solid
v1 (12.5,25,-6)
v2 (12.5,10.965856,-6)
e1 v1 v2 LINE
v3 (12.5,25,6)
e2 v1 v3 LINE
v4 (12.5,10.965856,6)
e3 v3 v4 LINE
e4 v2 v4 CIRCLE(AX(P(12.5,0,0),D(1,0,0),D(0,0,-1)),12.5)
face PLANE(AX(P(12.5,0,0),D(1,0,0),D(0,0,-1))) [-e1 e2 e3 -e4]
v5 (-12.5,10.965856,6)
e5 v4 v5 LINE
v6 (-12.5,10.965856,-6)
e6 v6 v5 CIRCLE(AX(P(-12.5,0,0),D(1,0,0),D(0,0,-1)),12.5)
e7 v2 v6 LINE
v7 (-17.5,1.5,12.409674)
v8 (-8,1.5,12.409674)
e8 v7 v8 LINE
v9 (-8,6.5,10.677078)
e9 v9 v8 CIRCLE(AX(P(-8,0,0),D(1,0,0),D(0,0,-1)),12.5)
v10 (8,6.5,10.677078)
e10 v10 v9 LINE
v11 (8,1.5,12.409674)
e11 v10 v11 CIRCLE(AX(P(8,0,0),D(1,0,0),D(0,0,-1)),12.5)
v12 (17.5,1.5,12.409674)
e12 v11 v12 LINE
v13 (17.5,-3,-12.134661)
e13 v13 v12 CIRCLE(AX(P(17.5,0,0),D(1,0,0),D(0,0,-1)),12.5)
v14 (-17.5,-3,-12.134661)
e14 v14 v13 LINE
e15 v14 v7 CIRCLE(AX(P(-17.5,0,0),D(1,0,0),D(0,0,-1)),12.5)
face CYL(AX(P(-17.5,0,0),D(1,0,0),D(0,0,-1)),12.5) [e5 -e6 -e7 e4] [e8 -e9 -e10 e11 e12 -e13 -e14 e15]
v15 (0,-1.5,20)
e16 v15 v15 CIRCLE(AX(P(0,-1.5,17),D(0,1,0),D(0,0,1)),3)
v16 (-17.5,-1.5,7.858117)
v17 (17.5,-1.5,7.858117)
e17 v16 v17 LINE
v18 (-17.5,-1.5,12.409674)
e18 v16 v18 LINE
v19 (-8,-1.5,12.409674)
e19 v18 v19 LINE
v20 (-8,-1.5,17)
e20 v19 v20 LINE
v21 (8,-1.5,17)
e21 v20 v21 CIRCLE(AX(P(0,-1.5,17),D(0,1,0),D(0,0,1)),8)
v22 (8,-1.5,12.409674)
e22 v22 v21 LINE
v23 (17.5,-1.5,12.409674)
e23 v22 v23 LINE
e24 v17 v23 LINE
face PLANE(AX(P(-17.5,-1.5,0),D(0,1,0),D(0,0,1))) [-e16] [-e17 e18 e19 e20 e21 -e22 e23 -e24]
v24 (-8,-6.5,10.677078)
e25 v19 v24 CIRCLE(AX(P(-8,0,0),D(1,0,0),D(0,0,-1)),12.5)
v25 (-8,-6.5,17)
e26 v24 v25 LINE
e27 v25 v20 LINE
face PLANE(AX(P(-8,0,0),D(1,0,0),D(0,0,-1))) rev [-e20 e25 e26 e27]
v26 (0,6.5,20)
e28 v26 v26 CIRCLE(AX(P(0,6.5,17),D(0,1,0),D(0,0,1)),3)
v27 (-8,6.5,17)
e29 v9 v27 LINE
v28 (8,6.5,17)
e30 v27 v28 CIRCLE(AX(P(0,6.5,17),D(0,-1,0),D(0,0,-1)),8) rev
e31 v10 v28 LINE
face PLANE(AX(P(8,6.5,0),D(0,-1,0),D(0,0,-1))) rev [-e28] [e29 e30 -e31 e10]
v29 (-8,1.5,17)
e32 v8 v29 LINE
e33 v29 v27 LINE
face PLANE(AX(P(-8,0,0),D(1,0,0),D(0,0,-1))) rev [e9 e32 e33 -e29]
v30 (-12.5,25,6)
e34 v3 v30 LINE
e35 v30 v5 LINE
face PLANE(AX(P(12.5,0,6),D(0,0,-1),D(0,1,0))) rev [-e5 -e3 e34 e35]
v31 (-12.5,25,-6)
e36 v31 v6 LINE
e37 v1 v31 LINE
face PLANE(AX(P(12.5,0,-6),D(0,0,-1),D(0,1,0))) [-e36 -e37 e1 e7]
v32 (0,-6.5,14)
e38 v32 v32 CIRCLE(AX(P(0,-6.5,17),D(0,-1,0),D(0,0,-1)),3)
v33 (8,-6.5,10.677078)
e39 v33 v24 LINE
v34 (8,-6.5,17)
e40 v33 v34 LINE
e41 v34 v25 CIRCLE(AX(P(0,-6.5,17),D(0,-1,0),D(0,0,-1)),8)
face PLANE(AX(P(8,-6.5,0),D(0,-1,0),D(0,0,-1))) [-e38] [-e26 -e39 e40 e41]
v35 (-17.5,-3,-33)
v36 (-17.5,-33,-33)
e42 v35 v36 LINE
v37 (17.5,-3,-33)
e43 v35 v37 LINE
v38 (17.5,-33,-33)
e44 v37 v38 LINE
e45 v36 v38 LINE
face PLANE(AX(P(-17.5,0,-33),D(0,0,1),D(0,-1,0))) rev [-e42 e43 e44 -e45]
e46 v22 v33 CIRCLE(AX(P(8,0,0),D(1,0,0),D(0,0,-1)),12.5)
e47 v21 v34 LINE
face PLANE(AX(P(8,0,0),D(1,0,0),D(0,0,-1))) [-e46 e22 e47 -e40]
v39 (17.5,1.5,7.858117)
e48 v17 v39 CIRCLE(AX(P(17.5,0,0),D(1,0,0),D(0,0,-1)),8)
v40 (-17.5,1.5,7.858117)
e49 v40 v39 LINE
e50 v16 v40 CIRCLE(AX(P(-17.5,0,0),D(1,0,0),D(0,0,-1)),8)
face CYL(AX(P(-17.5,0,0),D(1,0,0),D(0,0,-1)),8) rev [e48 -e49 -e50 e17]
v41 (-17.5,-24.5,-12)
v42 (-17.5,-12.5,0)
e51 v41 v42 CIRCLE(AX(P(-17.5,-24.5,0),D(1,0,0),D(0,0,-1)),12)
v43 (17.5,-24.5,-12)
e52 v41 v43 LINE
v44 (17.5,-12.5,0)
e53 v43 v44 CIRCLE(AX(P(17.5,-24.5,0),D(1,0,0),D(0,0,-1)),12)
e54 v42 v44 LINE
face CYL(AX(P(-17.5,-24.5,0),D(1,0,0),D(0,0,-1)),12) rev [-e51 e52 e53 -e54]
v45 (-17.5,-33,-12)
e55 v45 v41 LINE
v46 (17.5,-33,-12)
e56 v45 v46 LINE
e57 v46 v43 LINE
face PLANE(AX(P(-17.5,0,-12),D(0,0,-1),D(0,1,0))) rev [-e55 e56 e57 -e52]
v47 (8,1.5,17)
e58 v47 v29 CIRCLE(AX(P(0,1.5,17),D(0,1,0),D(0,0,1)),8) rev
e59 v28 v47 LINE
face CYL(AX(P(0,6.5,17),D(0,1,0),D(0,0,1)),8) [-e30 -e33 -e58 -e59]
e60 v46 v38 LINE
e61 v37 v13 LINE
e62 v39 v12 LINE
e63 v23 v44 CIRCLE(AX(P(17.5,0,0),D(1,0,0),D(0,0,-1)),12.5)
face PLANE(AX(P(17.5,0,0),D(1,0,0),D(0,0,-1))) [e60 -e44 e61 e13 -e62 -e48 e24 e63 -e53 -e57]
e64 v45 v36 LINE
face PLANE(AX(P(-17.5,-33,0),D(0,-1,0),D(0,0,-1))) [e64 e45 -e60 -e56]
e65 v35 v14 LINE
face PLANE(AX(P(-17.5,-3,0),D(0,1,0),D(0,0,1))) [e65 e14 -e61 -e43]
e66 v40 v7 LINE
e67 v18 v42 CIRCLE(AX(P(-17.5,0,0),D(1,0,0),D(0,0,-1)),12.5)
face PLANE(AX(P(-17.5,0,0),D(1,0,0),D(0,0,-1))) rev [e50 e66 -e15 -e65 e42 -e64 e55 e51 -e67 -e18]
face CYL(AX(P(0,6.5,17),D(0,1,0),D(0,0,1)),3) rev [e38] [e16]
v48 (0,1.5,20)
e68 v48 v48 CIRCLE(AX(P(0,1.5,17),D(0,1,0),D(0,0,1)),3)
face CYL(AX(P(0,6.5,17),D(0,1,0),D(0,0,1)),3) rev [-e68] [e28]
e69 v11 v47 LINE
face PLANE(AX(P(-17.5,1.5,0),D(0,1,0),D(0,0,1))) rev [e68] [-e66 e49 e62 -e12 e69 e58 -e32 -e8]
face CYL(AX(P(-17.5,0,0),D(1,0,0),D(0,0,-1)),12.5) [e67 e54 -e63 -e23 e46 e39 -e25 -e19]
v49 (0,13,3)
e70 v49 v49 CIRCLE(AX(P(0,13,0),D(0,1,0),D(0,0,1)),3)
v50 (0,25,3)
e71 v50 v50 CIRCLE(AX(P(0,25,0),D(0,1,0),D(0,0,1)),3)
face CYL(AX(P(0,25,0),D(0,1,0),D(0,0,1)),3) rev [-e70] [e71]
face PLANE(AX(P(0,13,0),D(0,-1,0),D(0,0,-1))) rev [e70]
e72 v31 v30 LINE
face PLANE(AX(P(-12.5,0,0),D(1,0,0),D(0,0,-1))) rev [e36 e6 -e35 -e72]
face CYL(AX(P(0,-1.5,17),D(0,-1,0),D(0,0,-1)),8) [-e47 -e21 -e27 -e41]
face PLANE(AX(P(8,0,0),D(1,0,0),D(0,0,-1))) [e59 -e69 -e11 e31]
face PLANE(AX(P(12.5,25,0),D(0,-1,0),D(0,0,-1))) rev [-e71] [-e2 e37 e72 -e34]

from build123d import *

# Parameters (mm, degrees)
BOSS_EXTRUDE1_DEPTH       = 17.5
BOSS_EXTRUDE2_DEPTH       = 12.5
BOSS_EXTRUDE3_DEPTH       = 8
FILLET1_RADIUS            = 8
FILLET1_LENGTH            = 5
FILLET2_RADIUS            = 8
FILLET2_LENGTH            = 5
F_6_0MM_DOWEL_HOLE1_D     = 6
F_6_0MM_DOWEL_HOLE1_DEPTH = 21.06015
F_6_0MM_DOWEL_HOLE2_D     = 6
F_6_0MM_DOWEL_HOLE2_DEPTH = 12


with BuildPart() as part:
    # Sketch1 → Boss-Extrude1 (new, symmetric)
    with BuildSketch(Plane(origin=(0, 0, 0), x_dir=(0, 0, -1), z_dir=(1, 0, 0))):
        with BuildLine():
            Line((-7.858116823, -1.5), (-12.409673646, -1.5))
            ThreePointArc((-12.409673646, -1.5), (-8.291561976, -9.354143467), (0, -12.5))
            ThreePointArc((0, -12.5), (8.485281374, -16.014718626), (12, -24.5))
            Line((12, -24.5), (12, -33))
            Line((12, -33), (33, -33))
            Line((33, -33), (33, -3))
            Line((33, -3), (12.1346611, -3))
            ThreePointArc((12.1346611, -3), (2.254197856, 12.295063726), (-12.409673646, 1.5))
            Line((-12.409673646, 1.5), (-7.858116823, 1.5))
            ThreePointArc((-7.858116823, 1.5), (8, 0), (-7.858116823, -1.5))
        make_face()
    extrude(amount=BOSS_EXTRUDE1_DEPTH, both=True)

    # Sketch1<3> → Boss-Extrude2 (add, symmetric)
    with BuildSketch(Plane(origin=(0, 0, 0), x_dir=(0, 0, -1), z_dir=(1, 0, 0))):
        with BuildLine():
            ThreePointArc((-6, 10.9658561), (0, 12.5), (6, 10.9658561))
            Line((6, 10.9658561), (6, 25))
            Line((6, 25), (-6, 25))
            Line((-6, 25), (-6, 10.9658561))
        make_face()
    extrude(amount=BOSS_EXTRUDE2_DEPTH, both=True)

    # Sketch1<4> → Boss-Extrude3 (add, symmetric)
    with BuildSketch(Plane(origin=(0, 0, 0), x_dir=(0, 0, -1), z_dir=(1, 0, 0))):
        with BuildLine():
            ThreePointArc((-12.409673646, 1.5), (-11.810991842, 4.092734013), (-10.677078252, 6.5))
            Line((-10.677078252, 6.5), (-25, 6.5))
            Line((-25, 6.5), (-25, 1.5))
            Line((-25, 1.5), (-12.409673646, 1.5))
        make_face()
        with BuildLine():
            Line((-25, -6.5), (-10.677078252, -6.5))
            ThreePointArc((-10.677078252, -6.5), (-11.810991842, -4.092734013), (-12.409673646, -1.5))
            Line((-12.409673646, -1.5), (-25, -1.5))
            Line((-25, -1.5), (-25, -6.5))
        make_face()
    extrude(amount=BOSS_EXTRUDE3_DEPTH, both=True)

    # Fillet1: full round fillet: the end face becomes a half cylinder, R = half its width
    fillet1_face = Plane((0, 4, 25), x_dir=(0, 1, 0), z_dir=(0, 0, 1))  # on the end face: x along it, z out of the body
    fillet1_slab = fillet1_face.offset(-FILLET1_RADIUS / 2) * Box(FILLET1_LENGTH, 2 * FILLET1_RADIUS, FILLET1_RADIUS, mode=Mode.PRIVATE)  # the body's end, R deep
    fillet1_round = Plane((0, 4, 17), x_dir=(0, 0, 1), z_dir=(0, 1, 0)) * Cylinder(FILLET1_RADIUS, FILLET1_LENGTH, mode=Mode.PRIVATE)  # its axis R under the face
    add(fillet1_slab - fillet1_round, mode=Mode.SUBTRACT)

    # Fillet2: full round fillet: the end face becomes a half cylinder, R = half its width
    fillet2_face = Plane((0, -4, 25), x_dir=(0, -1, 0), z_dir=(0, 0, 1))  # on the end face: x along it, z out of the body
    fillet2_slab = fillet2_face.offset(-FILLET2_RADIUS / 2) * Box(FILLET2_LENGTH, 2 * FILLET2_RADIUS, FILLET2_RADIUS, mode=Mode.PRIVATE)  # the body's end, R deep
    fillet2_round = Plane((0, -4, 17), x_dir=(0, 0, 1), z_dir=(0, -1, 0)) * Cylinder(FILLET2_RADIUS, FILLET2_LENGTH, mode=Mode.PRIVATE)  # its axis R under the face
    add(fillet2_slab - fillet2_round, mode=Mode.SUBTRACT)

    # Ø6.0mm Dowel Hole1
    with Locations(Plane(origin=(0, 6.5, 17), x_dir=(0, 0, 1), z_dir=(0, 1, 0))):
        with Locations((0, 0)):
            Hole(F_6_0MM_DOWEL_HOLE1_D / 2, depth=F_6_0MM_DOWEL_HOLE1_DEPTH)

    # Ø6.0mm Dowel Hole2
    with Locations(Plane.ZX.offset(25)):
        with Locations((0, 0)):
            Hole(F_6_0MM_DOWEL_HOLE2_D / 2, depth=F_6_0MM_DOWEL_HOLE2_DEPTH)


solid = part.part
